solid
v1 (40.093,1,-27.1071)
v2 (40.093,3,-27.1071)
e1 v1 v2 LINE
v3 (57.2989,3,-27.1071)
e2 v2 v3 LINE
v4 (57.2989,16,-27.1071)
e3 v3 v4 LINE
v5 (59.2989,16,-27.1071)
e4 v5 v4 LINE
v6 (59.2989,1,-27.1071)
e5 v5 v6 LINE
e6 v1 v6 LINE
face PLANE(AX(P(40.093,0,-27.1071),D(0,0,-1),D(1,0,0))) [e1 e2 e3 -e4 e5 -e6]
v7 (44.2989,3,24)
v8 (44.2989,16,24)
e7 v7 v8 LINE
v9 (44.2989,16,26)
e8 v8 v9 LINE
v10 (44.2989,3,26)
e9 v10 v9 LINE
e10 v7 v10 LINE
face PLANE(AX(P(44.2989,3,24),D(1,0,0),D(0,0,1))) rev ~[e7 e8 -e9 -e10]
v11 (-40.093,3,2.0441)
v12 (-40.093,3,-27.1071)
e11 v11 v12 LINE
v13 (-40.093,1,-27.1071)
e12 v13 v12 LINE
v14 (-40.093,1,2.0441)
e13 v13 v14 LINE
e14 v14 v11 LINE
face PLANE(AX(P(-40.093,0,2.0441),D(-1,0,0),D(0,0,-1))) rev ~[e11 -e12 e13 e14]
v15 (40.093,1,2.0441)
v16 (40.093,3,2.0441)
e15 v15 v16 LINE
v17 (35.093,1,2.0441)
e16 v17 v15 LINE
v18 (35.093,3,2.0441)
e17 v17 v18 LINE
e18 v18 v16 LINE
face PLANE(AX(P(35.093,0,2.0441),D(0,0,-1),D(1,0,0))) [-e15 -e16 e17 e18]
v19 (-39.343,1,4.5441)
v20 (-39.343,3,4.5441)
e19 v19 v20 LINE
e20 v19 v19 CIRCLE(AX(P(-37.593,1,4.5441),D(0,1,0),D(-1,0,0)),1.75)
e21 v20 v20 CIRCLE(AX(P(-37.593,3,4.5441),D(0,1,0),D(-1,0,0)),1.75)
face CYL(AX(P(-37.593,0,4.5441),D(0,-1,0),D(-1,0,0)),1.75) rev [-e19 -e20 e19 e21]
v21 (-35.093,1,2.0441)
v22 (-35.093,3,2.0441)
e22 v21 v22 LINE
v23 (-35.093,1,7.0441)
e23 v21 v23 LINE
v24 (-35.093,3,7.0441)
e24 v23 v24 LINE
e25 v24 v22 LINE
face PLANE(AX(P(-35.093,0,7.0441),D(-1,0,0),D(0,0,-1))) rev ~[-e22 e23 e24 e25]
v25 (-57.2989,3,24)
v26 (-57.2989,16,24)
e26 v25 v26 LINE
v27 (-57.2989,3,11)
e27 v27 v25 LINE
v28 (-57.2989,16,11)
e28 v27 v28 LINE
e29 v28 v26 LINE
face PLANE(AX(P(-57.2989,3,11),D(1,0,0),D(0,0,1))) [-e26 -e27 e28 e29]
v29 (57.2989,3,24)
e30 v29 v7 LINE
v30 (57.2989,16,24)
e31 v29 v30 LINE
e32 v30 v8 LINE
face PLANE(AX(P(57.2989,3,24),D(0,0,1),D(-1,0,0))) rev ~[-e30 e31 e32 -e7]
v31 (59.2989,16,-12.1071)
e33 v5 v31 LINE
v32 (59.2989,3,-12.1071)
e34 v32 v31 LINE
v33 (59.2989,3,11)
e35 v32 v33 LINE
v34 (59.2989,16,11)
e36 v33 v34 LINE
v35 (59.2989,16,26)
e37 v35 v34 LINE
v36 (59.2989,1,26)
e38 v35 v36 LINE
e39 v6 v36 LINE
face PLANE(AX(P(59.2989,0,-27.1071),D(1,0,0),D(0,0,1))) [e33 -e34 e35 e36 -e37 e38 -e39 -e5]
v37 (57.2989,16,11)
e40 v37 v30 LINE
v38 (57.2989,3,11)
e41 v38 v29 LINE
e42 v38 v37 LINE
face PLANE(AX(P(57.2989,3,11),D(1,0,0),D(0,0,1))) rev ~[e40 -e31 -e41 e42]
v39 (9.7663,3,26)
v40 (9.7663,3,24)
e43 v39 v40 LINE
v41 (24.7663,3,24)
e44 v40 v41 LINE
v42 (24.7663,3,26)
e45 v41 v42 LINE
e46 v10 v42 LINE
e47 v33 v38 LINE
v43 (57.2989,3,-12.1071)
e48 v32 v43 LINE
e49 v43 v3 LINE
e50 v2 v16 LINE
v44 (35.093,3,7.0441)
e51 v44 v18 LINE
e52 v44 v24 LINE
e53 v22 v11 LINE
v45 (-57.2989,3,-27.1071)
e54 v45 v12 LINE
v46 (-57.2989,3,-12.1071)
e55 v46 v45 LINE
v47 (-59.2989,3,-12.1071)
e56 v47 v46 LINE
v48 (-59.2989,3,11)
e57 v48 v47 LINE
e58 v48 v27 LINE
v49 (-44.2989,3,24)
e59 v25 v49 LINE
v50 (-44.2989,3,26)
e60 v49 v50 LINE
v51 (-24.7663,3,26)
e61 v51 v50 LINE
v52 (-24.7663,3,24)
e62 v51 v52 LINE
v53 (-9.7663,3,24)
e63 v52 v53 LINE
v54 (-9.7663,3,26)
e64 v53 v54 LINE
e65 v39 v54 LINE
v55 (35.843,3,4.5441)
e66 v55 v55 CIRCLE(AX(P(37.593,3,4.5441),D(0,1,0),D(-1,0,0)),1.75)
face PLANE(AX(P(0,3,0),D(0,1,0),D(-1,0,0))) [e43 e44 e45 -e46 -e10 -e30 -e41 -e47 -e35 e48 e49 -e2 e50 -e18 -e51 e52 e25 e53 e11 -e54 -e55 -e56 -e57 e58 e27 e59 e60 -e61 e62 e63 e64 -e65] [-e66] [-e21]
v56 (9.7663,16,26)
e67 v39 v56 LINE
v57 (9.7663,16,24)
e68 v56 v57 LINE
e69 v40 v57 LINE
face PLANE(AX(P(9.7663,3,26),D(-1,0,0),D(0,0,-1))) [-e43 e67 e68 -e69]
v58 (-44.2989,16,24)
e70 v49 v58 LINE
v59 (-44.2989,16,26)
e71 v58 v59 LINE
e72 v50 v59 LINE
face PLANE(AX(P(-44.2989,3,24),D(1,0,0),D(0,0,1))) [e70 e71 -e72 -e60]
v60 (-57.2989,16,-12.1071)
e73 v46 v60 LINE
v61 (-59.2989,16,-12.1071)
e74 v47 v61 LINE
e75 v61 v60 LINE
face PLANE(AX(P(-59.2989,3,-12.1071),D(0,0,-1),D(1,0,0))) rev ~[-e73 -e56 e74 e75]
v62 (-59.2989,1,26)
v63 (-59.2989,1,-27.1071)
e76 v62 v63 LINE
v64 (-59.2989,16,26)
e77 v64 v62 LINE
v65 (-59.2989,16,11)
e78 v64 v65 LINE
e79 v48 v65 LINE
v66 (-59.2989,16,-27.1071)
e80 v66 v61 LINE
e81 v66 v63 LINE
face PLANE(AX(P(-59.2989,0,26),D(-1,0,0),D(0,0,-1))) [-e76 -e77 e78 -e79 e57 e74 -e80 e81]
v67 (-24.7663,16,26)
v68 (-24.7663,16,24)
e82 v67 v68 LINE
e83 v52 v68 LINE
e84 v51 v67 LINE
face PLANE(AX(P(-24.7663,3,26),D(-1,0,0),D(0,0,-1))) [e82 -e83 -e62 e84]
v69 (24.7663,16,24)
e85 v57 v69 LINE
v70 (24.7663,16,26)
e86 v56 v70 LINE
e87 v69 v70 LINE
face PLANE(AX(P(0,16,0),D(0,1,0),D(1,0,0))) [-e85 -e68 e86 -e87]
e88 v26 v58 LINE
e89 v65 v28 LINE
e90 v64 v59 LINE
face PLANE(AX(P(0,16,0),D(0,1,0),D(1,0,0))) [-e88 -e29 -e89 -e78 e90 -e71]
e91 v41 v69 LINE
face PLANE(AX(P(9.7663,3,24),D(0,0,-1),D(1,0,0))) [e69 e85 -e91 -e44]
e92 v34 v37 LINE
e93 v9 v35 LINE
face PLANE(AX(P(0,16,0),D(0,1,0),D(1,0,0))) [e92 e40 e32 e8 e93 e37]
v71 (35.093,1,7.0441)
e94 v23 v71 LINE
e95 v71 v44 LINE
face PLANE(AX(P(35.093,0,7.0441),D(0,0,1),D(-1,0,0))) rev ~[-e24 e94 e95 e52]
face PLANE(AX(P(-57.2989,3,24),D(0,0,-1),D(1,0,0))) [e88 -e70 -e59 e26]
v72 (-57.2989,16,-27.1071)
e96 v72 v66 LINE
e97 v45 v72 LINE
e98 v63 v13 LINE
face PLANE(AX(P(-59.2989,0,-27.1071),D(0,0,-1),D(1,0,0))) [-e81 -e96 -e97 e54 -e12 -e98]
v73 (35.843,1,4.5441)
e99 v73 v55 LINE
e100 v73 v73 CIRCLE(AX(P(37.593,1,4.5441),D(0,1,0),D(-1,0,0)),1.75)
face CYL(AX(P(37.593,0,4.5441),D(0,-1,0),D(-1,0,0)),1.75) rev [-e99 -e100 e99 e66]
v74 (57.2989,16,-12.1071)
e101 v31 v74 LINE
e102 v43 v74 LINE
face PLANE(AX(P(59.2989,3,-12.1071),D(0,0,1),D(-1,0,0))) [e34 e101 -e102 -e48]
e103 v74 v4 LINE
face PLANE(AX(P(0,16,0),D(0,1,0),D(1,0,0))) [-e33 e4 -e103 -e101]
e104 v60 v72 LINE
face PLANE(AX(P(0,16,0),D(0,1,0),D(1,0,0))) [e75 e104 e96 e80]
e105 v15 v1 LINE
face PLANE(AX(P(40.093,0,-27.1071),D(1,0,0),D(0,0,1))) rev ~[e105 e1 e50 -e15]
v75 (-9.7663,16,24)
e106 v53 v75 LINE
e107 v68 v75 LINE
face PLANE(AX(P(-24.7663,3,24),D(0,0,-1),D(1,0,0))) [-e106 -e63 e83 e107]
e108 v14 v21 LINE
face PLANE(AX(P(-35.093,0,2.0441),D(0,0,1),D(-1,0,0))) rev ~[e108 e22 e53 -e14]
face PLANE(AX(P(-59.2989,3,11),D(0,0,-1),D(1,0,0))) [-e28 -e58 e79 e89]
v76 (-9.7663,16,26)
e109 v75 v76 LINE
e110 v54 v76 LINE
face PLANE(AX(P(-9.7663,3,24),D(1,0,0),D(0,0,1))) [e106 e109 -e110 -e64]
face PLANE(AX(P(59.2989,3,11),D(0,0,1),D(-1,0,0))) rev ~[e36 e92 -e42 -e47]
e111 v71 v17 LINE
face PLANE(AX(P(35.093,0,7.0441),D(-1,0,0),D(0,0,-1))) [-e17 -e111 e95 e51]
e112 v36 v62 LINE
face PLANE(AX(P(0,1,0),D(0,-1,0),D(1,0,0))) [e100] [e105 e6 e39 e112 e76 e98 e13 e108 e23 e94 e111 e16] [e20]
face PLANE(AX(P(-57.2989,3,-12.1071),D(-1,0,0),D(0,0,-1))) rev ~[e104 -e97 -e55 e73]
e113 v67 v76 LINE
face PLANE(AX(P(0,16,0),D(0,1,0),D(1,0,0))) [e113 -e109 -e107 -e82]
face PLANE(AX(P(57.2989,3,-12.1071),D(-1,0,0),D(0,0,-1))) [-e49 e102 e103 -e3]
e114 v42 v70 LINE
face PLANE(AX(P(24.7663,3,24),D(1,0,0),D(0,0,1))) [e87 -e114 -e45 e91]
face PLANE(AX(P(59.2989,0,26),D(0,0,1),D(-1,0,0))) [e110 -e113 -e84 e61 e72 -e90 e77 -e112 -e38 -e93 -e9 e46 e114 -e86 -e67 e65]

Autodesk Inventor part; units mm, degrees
ref_plane "YZ Plane" through (0, 0, 0) normal (1, 0, 0) x (0, 1, 0)
ref_plane "XZ Plane" through (0, 0, 0) normal (0, 1, 0) x (-1, 0, 0)
ref_plane "XY Plane" through (0, 0, 0) normal (0, 0, 1) x (1, 0, 0)
sketch "Sketch1" plane through (0, 0, 0) normal (0, 1, 0) x (-1, 0, 0)
  circle A0 centre (37.593, 4.5441) radius 1.75
  circle A1 centre (-37.593, 4.5441) radius 1.75
  line L0 (-35.093, 7.0441) -> (-35.093, 2.0441)
  circle A2 centre (-37.593, 4.5441) radius 1.75
  line L1 (-35.093, 7.0441) -> (35.093, 7.0441)
  line L2 (35.093, 7.0441) -> (35.093, 2.0441)
  circle A3 centre (37.593, 4.5441) radius 1.75
  line L3 (40.093, 2.0441) -> (40.093, -27.1071)
  line L4 (-40.093, -27.1071) -> (-40.093, 2.0441)
  line L5 (35.093, 2.0441) -> (40.093, 2.0441)
  line L6 (-35.093, 2.0441) -> (-40.093, 2.0441)
  line L7 (-59.2989, -27.1071) -> (-59.2989, 26)
  line L8 (-59.2989, 26) -> (59.2989, 26)
  line L9 (59.2989, 26) -> (59.2989, -27.1071)
  line L10 (59.2989, -27.1071) -> (40.093, -27.1071)
  line L11 (-40.093, -27.1071) -> (-59.2989, -27.1071)
  point P0 (0, 0)
  point P1 (0, 0)
extrude "Extrusion1" add sketch "Sketch1" along normal blind 3
sketch "Sketch3" plane through (0, 3, 0) normal (0, 1, 0) x (1, 0, 0)
  line L0 (-59.2989, -26) -> (-59.2989, -11)
  line L1 (-59.2989, 27.1071) -> (-59.2989, -26) projected
  line L2 (-59.2989, -26) -> (-44.2989, -26)
  line L3 (-59.2989, -26) -> (59.2989, -26) projected
  line L4 (-59.2989, -11) -> (-57.2989, -11)
  line L5 (-57.2989, -11) -> (-57.2989, -24)
  line L6 (-57.2989, -24) -> (-44.2989, -24)
  line L7 (-44.2989, -24) -> (-44.2989, -26)
  line L8 (0, 0) -> (0, 7) construction
  line L9 (59.2989, -26) -> (59.2989, -11)
  line L10 (59.2989, -26) -> (44.2989, -26)
  line L11 (59.2989, -11) -> (57.2989, -11)
  line L12 (57.2989, -11) -> (57.2989, -24)
  line L13 (57.2989, -24) -> (44.2989, -24)
  line L14 (44.2989, -24) -> (44.2989, -26)
  line L15 (-24.7663, -26) -> (-24.7663, -24)
  line L16 (-24.7663, -24) -> (-9.7663, -24)
  line L17 (-9.7663, -24) -> (-9.7663, -26)
  line L18 (-24.7663, -26) -> (-9.7663, -26)
  line L19 (24.7663, -26) -> (9.7663, -26)
  line L20 (9.7663, -26) -> (9.7663, -24)
  line L21 (9.7663, -24) -> (24.7663, -24)
  line L22 (24.7663, -24) -> (24.7663, -26)
  line L23 (-59.2989, 27.1071) -> (-59.2989, 12.1071)
  line L24 (-59.2989, 12.1071) -> (-57.2989, 12.1071)
  line L25 (-57.2989, 12.1071) -> (-57.2989, 27.1071)
  line L26 (-40.093, 27.1071) -> (-59.2989, 27.1071) projected
  line L27 (-59.2989, 27.1071) -> (-57.2989, 27.1071)
  line L28 (59.2989, 27.1071) -> (59.2989, 12.1071)
  line L29 (59.2989, 12.1071) -> (57.2989, 12.1071)
  line L30 (57.2989, 12.1071) -> (57.2989, 27.1071)
  line L31 (59.2989, 27.1071) -> (57.2989, 27.1071)
  dimension "d3" = 15
  dimension "d4" = 2
  dimension "d5" = 88.5979
  dimension "d6" = 19.5327
  dimension "d7" = 15
  dimension "d8" = 19.5327
  dimension "d9" = 15
  dimension "d10" = 2
  dimension "d11" = 15
  dimension "d12" = 2
  dimension "d15" = 2
  dimension "d16" = 2
extrude "Extrusion2" add sketch "Sketch3" along normal blind 13
sketch "Sketch5" plane through (0, 0, 0) normal (0, -1, 0) x (1, 0, 0)
  circle A0 centre (37.593, 4.5441) radius 1.75 projected
  circle A1 centre (-37.593, 4.5441) radius 1.75 projected
  line L0 (-59.2989, -27.1071) -> (-40.093, -27.1071) projected
  line L1 (-40.093, -27.1071) -> (-40.093, 2.0441) projected
  line L2 (-40.093, 2.0441) -> (-35.093, 2.0441) projected
  line L3 (-35.093, 2.0441) -> (-35.093, 7.0441) projected
  line L4 (-35.093, 7.0441) -> (35.093, 7.0441) projected
  line L5 (35.093, 7.0441) -> (35.093, 2.0441) projected
  line L6 (35.093, 2.0441) -> (40.093, 2.0441) projected
  line L7 (40.093, 2.0441) -> (40.093, -27.1071) projected
  line L8 (40.093, -27.1071) -> (59.2989, -27.1071) projected
  line L9 (59.2989, -27.1071) -> (59.2989, 26) projected
  line L10 (59.2989, 26) -> (-59.2989, 26) projected
  line L11 (-59.2989, 26) -> (-59.2989, -27.1071) projected
  point P0 (0, 0)
extrude "Extrusion3" cut sketch "Sketch5" against normal blind 1
properties part number "cover back i2c"
